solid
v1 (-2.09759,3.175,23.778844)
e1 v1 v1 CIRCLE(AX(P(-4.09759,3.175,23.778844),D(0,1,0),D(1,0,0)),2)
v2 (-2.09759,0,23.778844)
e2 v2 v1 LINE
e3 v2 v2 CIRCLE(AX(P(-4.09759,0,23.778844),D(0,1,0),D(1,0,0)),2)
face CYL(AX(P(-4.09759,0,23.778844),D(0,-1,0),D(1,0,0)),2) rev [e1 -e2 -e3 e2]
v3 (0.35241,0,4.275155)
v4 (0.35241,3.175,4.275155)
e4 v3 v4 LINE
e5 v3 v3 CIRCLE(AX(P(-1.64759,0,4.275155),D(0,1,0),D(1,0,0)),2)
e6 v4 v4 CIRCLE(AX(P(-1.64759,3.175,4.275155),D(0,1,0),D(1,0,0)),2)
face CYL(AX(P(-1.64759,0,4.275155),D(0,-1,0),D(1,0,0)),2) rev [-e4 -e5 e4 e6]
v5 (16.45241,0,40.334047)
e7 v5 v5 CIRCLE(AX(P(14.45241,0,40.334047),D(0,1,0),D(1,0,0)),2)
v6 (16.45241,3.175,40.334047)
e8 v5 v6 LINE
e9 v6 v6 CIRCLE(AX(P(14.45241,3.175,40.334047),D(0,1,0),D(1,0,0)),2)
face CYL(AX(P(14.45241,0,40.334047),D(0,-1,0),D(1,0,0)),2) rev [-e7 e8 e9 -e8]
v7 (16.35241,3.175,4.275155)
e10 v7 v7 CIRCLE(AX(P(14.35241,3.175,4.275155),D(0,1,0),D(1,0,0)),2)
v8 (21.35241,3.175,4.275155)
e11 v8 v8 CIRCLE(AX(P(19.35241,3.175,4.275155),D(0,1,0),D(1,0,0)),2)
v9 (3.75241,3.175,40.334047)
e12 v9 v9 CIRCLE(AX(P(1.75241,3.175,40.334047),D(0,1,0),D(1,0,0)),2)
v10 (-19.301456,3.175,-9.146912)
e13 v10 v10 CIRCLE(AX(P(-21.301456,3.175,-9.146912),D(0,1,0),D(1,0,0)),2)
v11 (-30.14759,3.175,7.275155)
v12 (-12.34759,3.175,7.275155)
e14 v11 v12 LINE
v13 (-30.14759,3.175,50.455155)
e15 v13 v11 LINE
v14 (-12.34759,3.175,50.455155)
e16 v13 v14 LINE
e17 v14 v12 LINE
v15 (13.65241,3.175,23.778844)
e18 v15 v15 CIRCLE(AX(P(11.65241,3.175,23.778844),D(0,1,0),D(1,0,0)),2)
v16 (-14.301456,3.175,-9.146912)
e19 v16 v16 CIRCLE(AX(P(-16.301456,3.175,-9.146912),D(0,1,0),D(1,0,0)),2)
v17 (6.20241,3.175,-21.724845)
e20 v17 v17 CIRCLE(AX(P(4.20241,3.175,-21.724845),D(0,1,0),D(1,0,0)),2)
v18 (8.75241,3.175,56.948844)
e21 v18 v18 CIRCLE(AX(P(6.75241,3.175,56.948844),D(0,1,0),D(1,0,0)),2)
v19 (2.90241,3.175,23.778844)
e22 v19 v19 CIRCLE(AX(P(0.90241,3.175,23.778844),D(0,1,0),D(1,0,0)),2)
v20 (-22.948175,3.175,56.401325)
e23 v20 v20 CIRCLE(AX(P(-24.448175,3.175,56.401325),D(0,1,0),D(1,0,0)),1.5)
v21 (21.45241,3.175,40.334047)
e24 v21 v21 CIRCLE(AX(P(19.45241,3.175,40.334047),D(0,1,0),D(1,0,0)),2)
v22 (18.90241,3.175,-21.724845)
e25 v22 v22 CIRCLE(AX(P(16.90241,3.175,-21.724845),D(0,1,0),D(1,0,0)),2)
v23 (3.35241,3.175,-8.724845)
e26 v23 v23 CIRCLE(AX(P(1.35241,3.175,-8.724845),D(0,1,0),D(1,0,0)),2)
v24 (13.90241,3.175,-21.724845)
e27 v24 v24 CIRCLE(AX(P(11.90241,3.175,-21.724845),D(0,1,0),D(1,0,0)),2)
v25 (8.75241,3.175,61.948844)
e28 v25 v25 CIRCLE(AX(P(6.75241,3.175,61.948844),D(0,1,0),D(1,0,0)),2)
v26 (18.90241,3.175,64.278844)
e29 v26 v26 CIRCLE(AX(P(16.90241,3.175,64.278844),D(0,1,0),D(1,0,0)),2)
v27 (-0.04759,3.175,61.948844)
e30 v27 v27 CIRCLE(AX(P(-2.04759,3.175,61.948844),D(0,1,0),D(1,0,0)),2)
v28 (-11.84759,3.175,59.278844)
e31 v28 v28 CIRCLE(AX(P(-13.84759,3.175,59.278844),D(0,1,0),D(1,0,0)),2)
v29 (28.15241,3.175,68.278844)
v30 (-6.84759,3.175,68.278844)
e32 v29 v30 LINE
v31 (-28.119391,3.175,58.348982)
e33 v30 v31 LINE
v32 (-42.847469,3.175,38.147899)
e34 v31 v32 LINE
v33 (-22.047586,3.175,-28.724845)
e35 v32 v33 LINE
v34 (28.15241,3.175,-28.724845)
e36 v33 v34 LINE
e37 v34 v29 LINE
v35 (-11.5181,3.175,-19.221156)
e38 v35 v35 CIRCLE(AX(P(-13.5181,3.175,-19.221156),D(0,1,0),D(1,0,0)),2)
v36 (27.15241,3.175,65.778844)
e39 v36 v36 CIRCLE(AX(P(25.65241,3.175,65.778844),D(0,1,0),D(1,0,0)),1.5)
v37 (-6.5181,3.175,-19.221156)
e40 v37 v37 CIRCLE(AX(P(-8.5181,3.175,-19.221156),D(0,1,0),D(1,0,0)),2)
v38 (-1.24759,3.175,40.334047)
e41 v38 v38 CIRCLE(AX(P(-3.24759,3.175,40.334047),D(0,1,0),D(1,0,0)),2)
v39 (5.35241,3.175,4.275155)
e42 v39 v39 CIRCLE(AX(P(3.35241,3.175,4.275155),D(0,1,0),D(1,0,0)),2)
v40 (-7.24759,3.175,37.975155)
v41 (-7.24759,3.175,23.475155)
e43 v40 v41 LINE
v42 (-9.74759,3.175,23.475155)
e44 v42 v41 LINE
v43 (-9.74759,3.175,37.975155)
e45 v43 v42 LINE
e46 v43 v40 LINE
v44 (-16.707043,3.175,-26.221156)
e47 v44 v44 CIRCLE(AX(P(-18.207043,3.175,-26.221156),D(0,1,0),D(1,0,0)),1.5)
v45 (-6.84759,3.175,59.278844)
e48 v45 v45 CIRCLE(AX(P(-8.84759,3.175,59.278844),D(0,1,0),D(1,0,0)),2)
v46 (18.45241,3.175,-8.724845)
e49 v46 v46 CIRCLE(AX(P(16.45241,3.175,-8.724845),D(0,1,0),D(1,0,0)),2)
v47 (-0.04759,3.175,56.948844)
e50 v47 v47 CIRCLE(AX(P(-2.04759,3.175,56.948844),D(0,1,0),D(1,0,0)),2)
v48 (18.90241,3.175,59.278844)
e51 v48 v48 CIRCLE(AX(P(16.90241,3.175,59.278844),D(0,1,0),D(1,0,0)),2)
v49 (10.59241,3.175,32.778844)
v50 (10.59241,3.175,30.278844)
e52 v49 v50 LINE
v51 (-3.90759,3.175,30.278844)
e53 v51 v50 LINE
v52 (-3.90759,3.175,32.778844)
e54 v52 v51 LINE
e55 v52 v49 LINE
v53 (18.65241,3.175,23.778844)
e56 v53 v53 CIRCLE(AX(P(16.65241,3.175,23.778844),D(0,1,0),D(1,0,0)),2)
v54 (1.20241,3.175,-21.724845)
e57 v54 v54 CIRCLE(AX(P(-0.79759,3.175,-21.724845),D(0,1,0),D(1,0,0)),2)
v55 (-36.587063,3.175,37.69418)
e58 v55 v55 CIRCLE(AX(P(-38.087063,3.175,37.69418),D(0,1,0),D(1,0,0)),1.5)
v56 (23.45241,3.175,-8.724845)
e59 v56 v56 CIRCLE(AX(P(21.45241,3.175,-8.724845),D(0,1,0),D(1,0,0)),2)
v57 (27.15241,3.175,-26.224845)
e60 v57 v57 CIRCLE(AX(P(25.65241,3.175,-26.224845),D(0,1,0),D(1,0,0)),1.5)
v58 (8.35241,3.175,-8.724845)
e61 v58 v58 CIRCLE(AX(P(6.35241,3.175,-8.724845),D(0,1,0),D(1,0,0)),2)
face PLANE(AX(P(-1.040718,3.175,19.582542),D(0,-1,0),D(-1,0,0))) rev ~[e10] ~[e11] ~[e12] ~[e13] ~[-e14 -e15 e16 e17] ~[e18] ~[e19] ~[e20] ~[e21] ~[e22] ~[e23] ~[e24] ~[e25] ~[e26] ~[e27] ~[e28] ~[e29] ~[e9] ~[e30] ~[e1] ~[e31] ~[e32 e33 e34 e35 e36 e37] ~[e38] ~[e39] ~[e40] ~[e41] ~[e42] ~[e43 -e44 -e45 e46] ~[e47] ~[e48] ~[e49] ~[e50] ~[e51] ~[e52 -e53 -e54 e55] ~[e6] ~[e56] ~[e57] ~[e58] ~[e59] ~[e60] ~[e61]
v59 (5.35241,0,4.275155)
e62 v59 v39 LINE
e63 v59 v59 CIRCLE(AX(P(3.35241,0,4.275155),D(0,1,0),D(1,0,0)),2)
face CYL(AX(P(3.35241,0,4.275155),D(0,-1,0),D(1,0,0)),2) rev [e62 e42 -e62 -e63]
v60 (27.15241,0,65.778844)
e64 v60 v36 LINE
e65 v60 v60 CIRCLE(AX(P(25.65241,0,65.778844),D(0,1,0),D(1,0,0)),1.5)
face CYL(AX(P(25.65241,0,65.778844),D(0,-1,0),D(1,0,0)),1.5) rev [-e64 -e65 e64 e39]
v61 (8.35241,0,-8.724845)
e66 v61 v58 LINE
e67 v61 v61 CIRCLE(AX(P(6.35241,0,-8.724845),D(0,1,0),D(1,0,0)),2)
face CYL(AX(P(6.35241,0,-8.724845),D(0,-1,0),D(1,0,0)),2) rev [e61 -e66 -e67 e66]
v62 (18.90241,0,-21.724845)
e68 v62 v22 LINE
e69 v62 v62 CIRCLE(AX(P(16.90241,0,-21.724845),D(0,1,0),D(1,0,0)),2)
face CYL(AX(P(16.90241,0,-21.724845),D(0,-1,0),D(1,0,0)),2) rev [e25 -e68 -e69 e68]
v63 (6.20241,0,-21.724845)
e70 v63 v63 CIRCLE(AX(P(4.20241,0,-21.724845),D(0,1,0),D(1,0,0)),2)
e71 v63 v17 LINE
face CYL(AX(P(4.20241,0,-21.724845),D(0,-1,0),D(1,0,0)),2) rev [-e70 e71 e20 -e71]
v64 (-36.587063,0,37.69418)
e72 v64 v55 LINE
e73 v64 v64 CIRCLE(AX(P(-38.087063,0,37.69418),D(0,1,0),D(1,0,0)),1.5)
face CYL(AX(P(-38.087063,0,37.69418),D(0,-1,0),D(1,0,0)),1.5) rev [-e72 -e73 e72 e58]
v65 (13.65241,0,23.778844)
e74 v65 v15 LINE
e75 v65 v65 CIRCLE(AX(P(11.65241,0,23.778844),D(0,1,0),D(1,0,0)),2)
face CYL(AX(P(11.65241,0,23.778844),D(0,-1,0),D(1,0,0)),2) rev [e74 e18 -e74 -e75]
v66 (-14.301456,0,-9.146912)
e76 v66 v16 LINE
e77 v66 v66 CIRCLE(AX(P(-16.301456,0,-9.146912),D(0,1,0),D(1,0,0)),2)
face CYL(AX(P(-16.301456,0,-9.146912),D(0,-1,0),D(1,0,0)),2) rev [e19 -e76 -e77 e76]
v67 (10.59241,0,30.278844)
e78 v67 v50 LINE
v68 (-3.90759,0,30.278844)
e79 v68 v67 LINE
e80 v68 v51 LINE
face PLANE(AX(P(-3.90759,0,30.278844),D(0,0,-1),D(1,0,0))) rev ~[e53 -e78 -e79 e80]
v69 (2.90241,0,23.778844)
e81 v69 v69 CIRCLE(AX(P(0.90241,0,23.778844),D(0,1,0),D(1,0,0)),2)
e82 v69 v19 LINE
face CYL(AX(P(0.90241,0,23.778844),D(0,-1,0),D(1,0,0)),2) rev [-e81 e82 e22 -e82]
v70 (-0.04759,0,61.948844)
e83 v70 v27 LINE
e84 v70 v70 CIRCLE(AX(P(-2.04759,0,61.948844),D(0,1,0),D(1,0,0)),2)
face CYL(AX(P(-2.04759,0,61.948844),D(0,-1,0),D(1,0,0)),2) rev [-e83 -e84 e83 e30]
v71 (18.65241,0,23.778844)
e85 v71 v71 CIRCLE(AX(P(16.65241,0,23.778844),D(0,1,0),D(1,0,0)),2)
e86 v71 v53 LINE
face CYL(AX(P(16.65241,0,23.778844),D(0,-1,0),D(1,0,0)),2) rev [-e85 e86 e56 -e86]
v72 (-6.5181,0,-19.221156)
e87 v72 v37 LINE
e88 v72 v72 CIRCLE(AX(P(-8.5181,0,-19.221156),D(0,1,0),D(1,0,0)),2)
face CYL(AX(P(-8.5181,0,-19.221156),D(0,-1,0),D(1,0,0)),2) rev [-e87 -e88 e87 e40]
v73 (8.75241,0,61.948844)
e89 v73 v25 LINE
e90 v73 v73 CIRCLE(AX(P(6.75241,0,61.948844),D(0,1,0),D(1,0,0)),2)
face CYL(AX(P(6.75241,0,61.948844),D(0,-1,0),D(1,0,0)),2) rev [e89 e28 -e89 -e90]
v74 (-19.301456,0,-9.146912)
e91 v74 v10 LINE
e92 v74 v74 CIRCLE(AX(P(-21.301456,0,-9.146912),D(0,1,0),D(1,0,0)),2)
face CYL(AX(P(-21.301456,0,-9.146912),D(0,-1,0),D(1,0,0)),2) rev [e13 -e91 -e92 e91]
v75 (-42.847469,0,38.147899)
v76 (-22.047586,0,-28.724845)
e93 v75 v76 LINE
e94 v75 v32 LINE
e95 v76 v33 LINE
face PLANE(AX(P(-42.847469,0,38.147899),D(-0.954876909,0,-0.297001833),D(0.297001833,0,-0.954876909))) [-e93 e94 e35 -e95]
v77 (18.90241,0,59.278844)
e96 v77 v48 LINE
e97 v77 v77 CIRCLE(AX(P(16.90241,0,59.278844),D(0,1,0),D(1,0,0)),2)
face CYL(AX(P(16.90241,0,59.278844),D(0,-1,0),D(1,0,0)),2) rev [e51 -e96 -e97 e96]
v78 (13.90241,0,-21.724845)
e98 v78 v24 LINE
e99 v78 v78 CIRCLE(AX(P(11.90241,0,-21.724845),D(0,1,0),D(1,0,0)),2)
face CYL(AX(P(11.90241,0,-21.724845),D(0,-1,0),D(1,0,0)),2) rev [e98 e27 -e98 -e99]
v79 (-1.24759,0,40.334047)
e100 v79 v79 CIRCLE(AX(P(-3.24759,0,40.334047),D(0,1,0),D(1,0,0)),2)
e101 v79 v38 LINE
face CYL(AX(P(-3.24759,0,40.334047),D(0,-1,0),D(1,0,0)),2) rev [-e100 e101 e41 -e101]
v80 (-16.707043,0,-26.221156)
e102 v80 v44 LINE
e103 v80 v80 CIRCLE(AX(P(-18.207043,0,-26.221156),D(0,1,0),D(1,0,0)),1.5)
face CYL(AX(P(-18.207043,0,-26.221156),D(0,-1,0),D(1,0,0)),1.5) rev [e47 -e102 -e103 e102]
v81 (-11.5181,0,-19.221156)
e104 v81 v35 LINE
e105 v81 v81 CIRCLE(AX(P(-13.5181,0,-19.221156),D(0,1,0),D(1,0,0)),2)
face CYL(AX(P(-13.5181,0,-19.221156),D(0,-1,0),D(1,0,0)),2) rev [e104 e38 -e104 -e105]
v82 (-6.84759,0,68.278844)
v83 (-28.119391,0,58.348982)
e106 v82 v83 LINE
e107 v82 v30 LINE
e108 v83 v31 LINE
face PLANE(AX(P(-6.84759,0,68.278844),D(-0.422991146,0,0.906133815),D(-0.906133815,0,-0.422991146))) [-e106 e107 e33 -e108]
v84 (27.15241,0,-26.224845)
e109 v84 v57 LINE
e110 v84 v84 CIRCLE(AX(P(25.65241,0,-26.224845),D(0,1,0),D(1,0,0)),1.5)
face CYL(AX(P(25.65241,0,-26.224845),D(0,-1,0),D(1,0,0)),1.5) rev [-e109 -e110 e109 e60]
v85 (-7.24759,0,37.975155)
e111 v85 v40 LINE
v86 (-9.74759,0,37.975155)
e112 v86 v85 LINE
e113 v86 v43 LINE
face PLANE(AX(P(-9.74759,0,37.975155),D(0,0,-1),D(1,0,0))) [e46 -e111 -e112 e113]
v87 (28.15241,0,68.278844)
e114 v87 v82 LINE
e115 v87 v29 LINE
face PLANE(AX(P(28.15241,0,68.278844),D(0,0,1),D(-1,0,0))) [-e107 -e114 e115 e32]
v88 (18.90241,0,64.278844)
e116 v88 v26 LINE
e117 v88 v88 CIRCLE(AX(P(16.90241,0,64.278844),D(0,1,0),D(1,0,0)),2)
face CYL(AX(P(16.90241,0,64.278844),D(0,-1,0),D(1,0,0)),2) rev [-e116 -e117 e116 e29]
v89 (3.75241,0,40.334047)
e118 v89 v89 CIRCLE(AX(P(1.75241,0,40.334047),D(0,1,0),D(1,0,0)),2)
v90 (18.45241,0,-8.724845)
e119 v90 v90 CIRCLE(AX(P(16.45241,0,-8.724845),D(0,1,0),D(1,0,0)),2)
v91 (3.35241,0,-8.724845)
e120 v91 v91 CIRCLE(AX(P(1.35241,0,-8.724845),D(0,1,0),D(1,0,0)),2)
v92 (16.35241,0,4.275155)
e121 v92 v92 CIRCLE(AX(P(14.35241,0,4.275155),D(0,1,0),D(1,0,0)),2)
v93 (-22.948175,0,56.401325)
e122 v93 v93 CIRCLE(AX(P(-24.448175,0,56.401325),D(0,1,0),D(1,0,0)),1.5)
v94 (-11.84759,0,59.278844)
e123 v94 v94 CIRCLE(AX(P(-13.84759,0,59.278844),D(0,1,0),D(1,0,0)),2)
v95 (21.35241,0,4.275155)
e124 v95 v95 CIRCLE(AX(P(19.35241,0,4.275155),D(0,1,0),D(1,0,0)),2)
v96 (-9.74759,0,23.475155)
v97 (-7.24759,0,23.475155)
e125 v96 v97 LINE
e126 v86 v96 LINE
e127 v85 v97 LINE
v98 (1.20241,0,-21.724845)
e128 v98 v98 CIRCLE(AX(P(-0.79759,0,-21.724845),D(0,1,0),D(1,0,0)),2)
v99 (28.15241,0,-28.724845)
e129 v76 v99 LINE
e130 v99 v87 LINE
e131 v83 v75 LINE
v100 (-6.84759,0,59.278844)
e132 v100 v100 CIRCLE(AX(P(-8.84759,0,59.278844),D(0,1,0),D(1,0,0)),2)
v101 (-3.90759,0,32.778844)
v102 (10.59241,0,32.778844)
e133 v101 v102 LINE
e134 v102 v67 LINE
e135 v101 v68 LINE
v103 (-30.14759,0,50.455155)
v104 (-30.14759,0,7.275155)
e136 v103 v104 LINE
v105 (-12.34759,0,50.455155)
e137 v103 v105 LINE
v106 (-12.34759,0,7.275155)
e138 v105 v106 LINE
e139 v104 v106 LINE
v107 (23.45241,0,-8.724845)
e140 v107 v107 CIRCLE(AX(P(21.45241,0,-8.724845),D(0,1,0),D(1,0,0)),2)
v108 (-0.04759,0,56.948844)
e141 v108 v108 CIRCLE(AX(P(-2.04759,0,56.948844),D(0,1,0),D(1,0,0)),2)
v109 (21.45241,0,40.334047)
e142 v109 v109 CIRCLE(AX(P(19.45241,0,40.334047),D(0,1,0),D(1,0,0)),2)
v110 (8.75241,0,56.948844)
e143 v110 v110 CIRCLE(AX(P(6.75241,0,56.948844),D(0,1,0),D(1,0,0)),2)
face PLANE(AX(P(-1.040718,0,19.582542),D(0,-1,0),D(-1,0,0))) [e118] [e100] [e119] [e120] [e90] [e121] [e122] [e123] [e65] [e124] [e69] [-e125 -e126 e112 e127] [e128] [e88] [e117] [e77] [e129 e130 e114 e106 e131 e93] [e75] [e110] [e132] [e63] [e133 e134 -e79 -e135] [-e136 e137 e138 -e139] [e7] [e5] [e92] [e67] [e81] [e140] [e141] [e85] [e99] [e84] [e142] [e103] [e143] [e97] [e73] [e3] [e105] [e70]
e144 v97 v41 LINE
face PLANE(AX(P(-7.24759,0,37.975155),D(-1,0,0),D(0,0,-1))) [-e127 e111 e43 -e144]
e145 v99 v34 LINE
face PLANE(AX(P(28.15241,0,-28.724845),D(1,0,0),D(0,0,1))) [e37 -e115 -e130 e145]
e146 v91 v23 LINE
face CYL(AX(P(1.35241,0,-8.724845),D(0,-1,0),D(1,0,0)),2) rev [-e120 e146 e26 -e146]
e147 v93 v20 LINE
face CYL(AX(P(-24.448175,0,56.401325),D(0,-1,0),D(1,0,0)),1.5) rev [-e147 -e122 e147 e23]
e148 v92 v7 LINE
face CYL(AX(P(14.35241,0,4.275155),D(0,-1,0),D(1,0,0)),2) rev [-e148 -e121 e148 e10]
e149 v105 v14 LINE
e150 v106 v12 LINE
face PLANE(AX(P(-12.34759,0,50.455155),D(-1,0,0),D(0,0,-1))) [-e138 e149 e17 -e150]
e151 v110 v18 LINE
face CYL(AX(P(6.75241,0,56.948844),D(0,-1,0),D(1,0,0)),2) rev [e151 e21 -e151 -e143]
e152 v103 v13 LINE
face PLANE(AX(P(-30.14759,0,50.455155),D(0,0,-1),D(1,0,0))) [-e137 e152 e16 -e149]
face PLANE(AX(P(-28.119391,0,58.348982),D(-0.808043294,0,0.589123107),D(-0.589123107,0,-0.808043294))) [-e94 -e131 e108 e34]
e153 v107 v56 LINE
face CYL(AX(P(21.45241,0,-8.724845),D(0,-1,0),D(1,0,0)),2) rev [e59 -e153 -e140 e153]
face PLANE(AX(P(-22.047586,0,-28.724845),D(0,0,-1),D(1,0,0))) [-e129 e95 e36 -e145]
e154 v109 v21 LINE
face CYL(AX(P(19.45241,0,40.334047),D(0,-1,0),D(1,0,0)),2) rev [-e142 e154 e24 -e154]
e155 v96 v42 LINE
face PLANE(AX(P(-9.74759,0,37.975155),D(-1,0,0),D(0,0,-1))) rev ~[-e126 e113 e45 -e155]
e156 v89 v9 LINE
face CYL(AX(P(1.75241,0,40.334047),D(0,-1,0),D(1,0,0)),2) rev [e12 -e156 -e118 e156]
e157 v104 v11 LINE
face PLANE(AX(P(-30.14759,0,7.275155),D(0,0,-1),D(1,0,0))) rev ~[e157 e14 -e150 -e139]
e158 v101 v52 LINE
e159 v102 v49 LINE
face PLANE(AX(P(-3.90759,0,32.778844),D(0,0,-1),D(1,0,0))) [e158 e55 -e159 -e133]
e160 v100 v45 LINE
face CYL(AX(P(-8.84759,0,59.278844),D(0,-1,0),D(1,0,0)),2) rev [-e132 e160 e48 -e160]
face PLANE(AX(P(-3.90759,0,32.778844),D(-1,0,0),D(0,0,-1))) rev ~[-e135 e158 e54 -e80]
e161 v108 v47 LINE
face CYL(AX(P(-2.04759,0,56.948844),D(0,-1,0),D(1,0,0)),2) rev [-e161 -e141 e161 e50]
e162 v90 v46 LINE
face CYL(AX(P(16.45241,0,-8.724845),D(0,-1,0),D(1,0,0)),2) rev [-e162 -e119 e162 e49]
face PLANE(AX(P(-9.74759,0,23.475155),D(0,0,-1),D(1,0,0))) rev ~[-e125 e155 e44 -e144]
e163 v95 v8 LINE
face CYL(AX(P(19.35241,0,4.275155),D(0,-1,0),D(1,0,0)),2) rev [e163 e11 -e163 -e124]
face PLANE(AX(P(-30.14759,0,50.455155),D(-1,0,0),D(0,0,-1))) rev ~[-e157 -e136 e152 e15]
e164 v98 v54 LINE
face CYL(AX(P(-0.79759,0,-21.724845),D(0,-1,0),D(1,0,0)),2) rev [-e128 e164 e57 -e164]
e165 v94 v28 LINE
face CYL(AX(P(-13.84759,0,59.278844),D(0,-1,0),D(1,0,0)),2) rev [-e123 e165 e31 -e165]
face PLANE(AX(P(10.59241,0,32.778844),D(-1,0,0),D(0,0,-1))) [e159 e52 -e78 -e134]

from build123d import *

# Parameters (mm, degrees)
SKETCH1_R           = 1.5
SKETCH1_R_2         = 2
SKETCH1_W           = 2.5
SKETCH1_H           = 14.5
SKETCH1_W_2         = 14.5
SKETCH1_H_2         = 2.5
SKETCH1_W_3         = 17.8
SKETCH1_H_3         = 43.18
BOSS_EXTRUDE1_DEPTH = 3.175


with BuildPart() as part:
    # Sketch1 → Boss-Extrude1 (new body)
    with BuildSketch(Plane(origin=(0, 0, 0), x_dir=(1, 0, 0), z_dir=(0, 1, 0))):
        Polygon((-22.047586286, 28.724844999), (28.152410312, 28.724844999), (28.152410312, -68.278843574), (-6.847589688, -68.278843574), (-28.119391264, -58.34898159), (-42.847468938, -38.147899243), align=None)
        with Locations((25.652410312, 26.224844999)):
            Circle(SKETCH1_R, mode=Mode.SUBTRACT)
        with Locations((25.652410312, -65.778843574)):
            Circle(SKETCH1_R, mode=Mode.SUBTRACT)
        with Locations((-38.087063045, -37.694179546)):
            Circle(SKETCH1_R, mode=Mode.SUBTRACT)
        with Locations((-18.207043121, 26.221156426)):
            Circle(SKETCH1_R, mode=Mode.SUBTRACT)
        with Locations((-24.448175277, -56.401325246)):
            Circle(SKETCH1_R, mode=Mode.SUBTRACT)
        with Locations((16.902410312, 21.724844999)):
            Circle(SKETCH1_R_2, mode=Mode.SUBTRACT)
        with Locations((11.902410312, 21.724844999)):
            Circle(SKETCH1_R_2, mode=Mode.SUBTRACT)
        with Locations((4.202410312, 21.724844999)):
            Circle(SKETCH1_R_2, mode=Mode.SUBTRACT)
        with Locations((-0.797589688, 21.724844999)):
            Circle(SKETCH1_R_2, mode=Mode.SUBTRACT)
        with Locations((-8.518099948, 19.221156426)):
            Circle(SKETCH1_R_2, mode=Mode.SUBTRACT)
        with Locations((-13.518099948, 19.221156426)):
            Circle(SKETCH1_R_2, mode=Mode.SUBTRACT)
        with Locations((-16.301455712, 9.146912193)):
            Circle(SKETCH1_R_2, mode=Mode.SUBTRACT)
        with Locations((-21.301455712, 9.146912193)):
            Circle(SKETCH1_R_2, mode=Mode.SUBTRACT)
        with Locations((-2.047589688, -61.948843574)):
            Circle(SKETCH1_R_2, mode=Mode.SUBTRACT)
        with Locations((-2.047589688, -56.948843574)):
            Circle(SKETCH1_R_2, mode=Mode.SUBTRACT)
        with Locations((6.752410312, -61.948843574)):
            Circle(SKETCH1_R_2, mode=Mode.SUBTRACT)
        with Locations((6.752410312, -56.948843574)):
            Circle(SKETCH1_R_2, mode=Mode.SUBTRACT)
        with Locations((-8.847589688, -59.278843574)):
            Circle(SKETCH1_R_2, mode=Mode.SUBTRACT)
        with Locations((-13.847589688, -59.278843574)):
            Circle(SKETCH1_R_2, mode=Mode.SUBTRACT)
        with Locations((21.452410312, 8.724844999)):
            Circle(SKETCH1_R_2, mode=Mode.SUBTRACT)
        with Locations((16.452410312, 8.724844999)):
            Circle(SKETCH1_R_2, mode=Mode.SUBTRACT)
        with Locations((6.352410312, 8.724844999)):
            Circle(SKETCH1_R_2, mode=Mode.SUBTRACT)
        with Locations((1.352410312, 8.724844999)):
            Circle(SKETCH1_R_2, mode=Mode.SUBTRACT)
        with Locations((14.352410312, -4.275155001)):
            Circle(SKETCH1_R_2, mode=Mode.SUBTRACT)
        with Locations((19.352410312, -4.275155001)):
            Circle(SKETCH1_R_2, mode=Mode.SUBTRACT)
        with Locations((3.352410312, -4.275155001)):
            Circle(SKETCH1_R_2, mode=Mode.SUBTRACT)
        with Locations((-1.647589688, -4.275155001)):
            Circle(SKETCH1_R_2, mode=Mode.SUBTRACT)
        with Locations((16.652410312, -23.778843574)):
            Circle(SKETCH1_R_2, mode=Mode.SUBTRACT)
        with Locations((11.652410312, -23.778843574)):
            Circle(SKETCH1_R_2, mode=Mode.SUBTRACT)
        with Locations((0.902410312, -23.778843574)):
            Circle(SKETCH1_R_2, mode=Mode.SUBTRACT)
        with Locations((-4.097589688, -23.778843574)):
            Circle(SKETCH1_R_2, mode=Mode.SUBTRACT)
        with Locations((19.452410312, -40.334046802)):
            Circle(SKETCH1_R_2, mode=Mode.SUBTRACT)
        with Locations((14.452410312, -40.334046802)):
            Circle(SKETCH1_R_2, mode=Mode.SUBTRACT)
        with Locations((1.752410312, -40.334046802)):
            Circle(SKETCH1_R_2, mode=Mode.SUBTRACT)
        with Locations((-3.247589688, -40.334046802)):
            Circle(SKETCH1_R_2, mode=Mode.SUBTRACT)
        with Locations((16.902410312, -59.278843574)):
            Circle(SKETCH1_R_2, mode=Mode.SUBTRACT)
        with Locations((16.902410312, -64.278843574)):
            Circle(SKETCH1_R_2, mode=Mode.SUBTRACT)
        with Locations((-8.497589688, -30.725155001)):
            Rectangle(SKETCH1_W, SKETCH1_H, mode=Mode.SUBTRACT)
        with Locations((3.342410312, -31.528843574)):
            Rectangle(SKETCH1_W_2, SKETCH1_H_2, mode=Mode.SUBTRACT)
        with Locations((-21.247589688, -28.865155001)):
            Rectangle(SKETCH1_W_3, SKETCH1_H_3, mode=Mode.SUBTRACT)
    extrude(amount=BOSS_EXTRUDE1_DEPTH)


solid = part.part
